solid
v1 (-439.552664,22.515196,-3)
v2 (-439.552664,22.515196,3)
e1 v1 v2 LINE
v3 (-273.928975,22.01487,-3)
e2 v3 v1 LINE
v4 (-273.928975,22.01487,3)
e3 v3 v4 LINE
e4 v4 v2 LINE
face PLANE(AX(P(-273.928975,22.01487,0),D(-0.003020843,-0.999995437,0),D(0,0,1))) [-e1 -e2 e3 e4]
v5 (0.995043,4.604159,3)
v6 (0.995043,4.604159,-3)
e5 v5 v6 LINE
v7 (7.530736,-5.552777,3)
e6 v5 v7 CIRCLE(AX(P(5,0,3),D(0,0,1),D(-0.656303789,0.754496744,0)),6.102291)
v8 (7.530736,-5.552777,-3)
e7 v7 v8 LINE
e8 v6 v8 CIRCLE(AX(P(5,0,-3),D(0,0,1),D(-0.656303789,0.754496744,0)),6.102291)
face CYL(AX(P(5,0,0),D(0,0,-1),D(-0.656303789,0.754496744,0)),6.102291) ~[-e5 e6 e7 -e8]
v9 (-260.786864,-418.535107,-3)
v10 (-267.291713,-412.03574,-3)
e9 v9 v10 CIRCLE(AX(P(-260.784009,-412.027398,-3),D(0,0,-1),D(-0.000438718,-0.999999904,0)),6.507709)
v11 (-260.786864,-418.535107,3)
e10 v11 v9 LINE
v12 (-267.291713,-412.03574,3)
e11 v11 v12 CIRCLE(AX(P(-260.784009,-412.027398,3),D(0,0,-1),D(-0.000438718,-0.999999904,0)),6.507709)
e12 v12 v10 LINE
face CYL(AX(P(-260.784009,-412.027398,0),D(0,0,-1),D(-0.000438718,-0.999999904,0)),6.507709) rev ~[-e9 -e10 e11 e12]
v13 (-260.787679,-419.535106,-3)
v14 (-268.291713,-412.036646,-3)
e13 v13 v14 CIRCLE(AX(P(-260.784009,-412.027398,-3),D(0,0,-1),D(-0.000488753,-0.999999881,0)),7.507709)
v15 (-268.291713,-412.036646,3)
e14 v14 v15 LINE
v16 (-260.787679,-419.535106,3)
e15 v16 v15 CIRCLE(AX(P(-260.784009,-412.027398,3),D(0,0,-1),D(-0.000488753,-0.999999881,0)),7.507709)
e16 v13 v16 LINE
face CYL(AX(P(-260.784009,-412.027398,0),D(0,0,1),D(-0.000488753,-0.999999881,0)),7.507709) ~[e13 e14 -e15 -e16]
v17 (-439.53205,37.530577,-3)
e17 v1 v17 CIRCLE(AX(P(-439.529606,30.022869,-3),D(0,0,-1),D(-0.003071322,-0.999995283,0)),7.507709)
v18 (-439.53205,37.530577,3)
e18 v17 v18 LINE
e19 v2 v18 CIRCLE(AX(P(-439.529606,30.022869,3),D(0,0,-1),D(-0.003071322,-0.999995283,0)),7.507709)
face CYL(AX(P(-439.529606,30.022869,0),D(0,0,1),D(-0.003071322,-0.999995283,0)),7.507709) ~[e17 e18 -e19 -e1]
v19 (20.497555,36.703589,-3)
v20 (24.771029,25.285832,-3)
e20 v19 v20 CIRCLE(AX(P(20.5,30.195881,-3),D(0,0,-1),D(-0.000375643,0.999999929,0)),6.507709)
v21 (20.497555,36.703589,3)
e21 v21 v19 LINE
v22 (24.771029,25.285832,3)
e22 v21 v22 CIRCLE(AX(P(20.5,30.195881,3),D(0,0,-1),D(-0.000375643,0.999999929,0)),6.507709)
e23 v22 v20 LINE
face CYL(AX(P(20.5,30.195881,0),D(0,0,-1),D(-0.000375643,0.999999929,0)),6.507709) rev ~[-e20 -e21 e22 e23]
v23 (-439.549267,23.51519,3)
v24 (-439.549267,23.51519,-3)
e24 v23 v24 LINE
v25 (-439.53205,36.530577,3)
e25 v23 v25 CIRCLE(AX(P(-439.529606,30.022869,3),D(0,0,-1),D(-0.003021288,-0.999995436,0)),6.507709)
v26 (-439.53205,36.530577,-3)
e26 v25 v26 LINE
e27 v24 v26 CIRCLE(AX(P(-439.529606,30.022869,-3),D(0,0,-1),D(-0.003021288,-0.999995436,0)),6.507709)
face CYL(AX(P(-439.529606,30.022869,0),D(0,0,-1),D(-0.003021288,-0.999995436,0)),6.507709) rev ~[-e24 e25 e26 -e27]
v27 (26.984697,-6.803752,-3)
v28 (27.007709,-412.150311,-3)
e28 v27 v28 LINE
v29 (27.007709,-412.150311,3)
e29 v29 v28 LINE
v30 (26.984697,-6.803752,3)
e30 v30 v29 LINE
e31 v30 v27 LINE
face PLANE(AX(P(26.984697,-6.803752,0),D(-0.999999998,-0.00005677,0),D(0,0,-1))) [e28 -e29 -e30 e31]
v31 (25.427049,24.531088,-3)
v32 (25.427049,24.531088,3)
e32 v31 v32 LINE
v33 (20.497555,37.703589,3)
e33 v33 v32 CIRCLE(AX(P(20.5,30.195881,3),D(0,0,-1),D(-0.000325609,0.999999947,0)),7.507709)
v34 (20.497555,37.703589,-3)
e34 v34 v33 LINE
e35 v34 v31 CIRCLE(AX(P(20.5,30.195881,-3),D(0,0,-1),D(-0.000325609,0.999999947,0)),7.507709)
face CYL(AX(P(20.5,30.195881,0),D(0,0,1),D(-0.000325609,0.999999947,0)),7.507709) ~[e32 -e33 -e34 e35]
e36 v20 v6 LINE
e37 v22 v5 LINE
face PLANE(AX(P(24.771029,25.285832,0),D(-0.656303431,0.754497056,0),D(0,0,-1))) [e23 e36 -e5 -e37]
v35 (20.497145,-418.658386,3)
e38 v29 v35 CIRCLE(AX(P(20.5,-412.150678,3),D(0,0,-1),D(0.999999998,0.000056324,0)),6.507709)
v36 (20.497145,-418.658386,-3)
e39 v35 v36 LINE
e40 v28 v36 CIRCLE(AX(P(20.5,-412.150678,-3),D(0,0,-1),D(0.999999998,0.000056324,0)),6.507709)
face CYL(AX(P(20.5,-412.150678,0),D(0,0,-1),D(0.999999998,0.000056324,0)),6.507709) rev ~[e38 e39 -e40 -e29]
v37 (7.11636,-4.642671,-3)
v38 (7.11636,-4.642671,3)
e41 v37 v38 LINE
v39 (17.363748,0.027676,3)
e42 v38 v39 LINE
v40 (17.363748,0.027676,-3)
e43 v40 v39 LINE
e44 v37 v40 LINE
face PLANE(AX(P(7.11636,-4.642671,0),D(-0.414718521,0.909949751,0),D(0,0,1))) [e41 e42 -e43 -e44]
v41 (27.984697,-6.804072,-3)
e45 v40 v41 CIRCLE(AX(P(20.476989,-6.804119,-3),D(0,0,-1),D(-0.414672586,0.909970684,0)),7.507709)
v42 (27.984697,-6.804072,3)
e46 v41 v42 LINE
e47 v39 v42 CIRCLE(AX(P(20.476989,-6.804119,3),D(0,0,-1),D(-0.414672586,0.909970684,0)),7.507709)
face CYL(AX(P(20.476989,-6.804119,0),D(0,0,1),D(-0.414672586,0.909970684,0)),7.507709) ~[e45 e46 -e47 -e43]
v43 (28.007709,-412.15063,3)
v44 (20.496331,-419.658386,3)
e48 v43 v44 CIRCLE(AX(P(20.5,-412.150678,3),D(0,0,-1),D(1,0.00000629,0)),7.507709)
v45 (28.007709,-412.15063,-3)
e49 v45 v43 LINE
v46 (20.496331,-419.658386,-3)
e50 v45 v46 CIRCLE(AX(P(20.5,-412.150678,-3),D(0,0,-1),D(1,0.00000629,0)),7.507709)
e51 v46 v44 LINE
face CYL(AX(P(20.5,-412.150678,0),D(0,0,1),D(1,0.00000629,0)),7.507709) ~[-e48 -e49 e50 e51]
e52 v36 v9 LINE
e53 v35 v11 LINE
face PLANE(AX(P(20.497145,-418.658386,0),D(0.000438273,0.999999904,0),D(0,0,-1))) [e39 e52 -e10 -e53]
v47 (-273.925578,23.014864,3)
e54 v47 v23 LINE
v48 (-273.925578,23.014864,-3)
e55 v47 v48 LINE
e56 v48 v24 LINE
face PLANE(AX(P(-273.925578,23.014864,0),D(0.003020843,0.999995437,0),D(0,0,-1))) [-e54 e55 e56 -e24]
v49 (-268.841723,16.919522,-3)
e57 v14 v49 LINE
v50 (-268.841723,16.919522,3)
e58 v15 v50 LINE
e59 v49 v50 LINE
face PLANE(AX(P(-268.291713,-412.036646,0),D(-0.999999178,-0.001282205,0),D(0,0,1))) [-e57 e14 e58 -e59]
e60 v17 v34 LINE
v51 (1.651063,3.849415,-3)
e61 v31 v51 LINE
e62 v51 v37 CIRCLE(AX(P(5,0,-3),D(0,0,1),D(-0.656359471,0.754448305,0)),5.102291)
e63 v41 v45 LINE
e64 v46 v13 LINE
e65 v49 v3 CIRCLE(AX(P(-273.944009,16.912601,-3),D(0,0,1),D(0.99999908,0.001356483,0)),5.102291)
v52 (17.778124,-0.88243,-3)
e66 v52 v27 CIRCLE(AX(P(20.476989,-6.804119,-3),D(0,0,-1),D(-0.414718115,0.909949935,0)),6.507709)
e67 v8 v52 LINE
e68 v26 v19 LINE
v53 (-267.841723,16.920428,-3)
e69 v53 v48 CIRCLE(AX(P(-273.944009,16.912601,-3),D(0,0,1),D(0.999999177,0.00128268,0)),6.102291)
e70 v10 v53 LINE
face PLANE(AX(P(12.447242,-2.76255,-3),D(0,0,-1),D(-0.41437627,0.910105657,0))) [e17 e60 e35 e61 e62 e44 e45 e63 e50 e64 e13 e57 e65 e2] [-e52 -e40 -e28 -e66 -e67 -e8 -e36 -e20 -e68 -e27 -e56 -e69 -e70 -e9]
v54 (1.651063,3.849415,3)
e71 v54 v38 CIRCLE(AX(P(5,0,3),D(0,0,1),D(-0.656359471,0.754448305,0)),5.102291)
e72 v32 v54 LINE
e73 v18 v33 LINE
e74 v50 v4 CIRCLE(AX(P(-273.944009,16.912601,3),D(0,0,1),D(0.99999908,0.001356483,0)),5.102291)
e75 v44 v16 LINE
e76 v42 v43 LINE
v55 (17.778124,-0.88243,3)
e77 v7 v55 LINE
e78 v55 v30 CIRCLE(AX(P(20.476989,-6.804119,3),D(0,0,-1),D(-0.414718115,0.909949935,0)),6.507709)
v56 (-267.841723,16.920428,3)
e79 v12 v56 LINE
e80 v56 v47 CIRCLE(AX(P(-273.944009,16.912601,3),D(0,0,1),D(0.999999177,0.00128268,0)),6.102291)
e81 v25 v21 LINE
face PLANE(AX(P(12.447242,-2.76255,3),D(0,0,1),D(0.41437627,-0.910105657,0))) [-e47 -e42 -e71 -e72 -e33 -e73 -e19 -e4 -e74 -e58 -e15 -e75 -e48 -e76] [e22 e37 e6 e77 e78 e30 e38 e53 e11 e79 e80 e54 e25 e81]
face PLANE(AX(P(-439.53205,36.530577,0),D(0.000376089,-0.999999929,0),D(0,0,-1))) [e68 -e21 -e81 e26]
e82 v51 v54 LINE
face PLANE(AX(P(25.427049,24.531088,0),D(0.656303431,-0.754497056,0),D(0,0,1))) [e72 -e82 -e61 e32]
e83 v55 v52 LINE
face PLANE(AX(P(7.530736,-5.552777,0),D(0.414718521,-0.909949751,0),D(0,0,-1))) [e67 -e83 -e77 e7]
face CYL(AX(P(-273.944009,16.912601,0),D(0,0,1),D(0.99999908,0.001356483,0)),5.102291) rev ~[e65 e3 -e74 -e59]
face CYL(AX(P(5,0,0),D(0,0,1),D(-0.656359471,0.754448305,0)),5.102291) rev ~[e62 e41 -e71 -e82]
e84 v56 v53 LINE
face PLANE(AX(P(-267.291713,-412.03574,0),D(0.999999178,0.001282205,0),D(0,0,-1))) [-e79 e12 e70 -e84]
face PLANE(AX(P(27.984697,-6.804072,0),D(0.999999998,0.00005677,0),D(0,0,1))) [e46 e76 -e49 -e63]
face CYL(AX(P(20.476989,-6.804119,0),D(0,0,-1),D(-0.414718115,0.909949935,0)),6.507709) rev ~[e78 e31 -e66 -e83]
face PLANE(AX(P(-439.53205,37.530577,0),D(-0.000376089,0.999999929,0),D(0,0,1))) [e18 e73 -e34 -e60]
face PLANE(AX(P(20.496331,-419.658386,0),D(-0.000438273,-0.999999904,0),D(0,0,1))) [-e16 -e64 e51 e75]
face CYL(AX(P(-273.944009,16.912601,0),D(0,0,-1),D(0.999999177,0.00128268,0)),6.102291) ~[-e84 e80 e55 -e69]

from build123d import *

# Parameters (mm, degrees)
SKETCH3_W = 6
SKETCH3_H = 1


with BuildPart() as part:
    # Sweep1: sweep along a path in Sketch2
    with BuildLine(Plane.XY) as sweep1_path:
        Line((7.533930162, -5.559792976), (17.781318169, -0.889445417))
        ThreePointArc((17.781318169, -0.889445417), (23.99309151, -1.337216564), (26.976988544, -6.803749792))
        Line((26.976988544, -6.803749792), (26.99999999, -412.150308572))
        ThreePointArc((26.99999999, -412.150308572), (25.095317263, -416.747748302), (20.497151225, -418.650676952))
        Line((20.497151225, -418.650676952), (-260.786858168, -418.527397737))
        ThreePointArc((-260.786858168, -418.527397737), (-265.378263623, -416.625531469), (-267.28400405, -412.035732696))
        Line((-267.28400405, -412.035732696), (-267.834014416, 16.920435322))
        ThreePointArc((-267.834014416, 16.920435322), (-269.61983276, 21.229266015), (-273.925552043, 23.022573168))
        Line((-273.925552043, 23.022573168), (-439.549241213, 23.522898593))
        ThreePointArc((-439.549241213, 23.522898593), (-446.029600051, 30.031464399), (-439.53205031, 36.522868475))
        Line((-439.53205031, 36.522868475), (20.497555424, 36.695880369))
        ThreePointArc((20.497555424, 36.695880369), (26.58757217, 32.474359504), (24.7659723, 25.291649968))
        Line((24.7659723, 25.291649968), (0.989986039, 4.609977009))
        ThreePointArc((0.989986039, 4.609977009), (-0.138167108, -3.306257517), (7.533930162, -5.559792976))
    # Sketch3 → Sweep1 (sweep)
    with BuildSketch(Plane(origin=(0, 0, 0), x_dir=(0, 0, -1), z_dir=(1, 0, 0))):
        with Locations((0, 37.195880369)):
            Rectangle(SKETCH3_W, SKETCH3_H)
    sweep(path=sweep1_path.line)


solid = part.part
